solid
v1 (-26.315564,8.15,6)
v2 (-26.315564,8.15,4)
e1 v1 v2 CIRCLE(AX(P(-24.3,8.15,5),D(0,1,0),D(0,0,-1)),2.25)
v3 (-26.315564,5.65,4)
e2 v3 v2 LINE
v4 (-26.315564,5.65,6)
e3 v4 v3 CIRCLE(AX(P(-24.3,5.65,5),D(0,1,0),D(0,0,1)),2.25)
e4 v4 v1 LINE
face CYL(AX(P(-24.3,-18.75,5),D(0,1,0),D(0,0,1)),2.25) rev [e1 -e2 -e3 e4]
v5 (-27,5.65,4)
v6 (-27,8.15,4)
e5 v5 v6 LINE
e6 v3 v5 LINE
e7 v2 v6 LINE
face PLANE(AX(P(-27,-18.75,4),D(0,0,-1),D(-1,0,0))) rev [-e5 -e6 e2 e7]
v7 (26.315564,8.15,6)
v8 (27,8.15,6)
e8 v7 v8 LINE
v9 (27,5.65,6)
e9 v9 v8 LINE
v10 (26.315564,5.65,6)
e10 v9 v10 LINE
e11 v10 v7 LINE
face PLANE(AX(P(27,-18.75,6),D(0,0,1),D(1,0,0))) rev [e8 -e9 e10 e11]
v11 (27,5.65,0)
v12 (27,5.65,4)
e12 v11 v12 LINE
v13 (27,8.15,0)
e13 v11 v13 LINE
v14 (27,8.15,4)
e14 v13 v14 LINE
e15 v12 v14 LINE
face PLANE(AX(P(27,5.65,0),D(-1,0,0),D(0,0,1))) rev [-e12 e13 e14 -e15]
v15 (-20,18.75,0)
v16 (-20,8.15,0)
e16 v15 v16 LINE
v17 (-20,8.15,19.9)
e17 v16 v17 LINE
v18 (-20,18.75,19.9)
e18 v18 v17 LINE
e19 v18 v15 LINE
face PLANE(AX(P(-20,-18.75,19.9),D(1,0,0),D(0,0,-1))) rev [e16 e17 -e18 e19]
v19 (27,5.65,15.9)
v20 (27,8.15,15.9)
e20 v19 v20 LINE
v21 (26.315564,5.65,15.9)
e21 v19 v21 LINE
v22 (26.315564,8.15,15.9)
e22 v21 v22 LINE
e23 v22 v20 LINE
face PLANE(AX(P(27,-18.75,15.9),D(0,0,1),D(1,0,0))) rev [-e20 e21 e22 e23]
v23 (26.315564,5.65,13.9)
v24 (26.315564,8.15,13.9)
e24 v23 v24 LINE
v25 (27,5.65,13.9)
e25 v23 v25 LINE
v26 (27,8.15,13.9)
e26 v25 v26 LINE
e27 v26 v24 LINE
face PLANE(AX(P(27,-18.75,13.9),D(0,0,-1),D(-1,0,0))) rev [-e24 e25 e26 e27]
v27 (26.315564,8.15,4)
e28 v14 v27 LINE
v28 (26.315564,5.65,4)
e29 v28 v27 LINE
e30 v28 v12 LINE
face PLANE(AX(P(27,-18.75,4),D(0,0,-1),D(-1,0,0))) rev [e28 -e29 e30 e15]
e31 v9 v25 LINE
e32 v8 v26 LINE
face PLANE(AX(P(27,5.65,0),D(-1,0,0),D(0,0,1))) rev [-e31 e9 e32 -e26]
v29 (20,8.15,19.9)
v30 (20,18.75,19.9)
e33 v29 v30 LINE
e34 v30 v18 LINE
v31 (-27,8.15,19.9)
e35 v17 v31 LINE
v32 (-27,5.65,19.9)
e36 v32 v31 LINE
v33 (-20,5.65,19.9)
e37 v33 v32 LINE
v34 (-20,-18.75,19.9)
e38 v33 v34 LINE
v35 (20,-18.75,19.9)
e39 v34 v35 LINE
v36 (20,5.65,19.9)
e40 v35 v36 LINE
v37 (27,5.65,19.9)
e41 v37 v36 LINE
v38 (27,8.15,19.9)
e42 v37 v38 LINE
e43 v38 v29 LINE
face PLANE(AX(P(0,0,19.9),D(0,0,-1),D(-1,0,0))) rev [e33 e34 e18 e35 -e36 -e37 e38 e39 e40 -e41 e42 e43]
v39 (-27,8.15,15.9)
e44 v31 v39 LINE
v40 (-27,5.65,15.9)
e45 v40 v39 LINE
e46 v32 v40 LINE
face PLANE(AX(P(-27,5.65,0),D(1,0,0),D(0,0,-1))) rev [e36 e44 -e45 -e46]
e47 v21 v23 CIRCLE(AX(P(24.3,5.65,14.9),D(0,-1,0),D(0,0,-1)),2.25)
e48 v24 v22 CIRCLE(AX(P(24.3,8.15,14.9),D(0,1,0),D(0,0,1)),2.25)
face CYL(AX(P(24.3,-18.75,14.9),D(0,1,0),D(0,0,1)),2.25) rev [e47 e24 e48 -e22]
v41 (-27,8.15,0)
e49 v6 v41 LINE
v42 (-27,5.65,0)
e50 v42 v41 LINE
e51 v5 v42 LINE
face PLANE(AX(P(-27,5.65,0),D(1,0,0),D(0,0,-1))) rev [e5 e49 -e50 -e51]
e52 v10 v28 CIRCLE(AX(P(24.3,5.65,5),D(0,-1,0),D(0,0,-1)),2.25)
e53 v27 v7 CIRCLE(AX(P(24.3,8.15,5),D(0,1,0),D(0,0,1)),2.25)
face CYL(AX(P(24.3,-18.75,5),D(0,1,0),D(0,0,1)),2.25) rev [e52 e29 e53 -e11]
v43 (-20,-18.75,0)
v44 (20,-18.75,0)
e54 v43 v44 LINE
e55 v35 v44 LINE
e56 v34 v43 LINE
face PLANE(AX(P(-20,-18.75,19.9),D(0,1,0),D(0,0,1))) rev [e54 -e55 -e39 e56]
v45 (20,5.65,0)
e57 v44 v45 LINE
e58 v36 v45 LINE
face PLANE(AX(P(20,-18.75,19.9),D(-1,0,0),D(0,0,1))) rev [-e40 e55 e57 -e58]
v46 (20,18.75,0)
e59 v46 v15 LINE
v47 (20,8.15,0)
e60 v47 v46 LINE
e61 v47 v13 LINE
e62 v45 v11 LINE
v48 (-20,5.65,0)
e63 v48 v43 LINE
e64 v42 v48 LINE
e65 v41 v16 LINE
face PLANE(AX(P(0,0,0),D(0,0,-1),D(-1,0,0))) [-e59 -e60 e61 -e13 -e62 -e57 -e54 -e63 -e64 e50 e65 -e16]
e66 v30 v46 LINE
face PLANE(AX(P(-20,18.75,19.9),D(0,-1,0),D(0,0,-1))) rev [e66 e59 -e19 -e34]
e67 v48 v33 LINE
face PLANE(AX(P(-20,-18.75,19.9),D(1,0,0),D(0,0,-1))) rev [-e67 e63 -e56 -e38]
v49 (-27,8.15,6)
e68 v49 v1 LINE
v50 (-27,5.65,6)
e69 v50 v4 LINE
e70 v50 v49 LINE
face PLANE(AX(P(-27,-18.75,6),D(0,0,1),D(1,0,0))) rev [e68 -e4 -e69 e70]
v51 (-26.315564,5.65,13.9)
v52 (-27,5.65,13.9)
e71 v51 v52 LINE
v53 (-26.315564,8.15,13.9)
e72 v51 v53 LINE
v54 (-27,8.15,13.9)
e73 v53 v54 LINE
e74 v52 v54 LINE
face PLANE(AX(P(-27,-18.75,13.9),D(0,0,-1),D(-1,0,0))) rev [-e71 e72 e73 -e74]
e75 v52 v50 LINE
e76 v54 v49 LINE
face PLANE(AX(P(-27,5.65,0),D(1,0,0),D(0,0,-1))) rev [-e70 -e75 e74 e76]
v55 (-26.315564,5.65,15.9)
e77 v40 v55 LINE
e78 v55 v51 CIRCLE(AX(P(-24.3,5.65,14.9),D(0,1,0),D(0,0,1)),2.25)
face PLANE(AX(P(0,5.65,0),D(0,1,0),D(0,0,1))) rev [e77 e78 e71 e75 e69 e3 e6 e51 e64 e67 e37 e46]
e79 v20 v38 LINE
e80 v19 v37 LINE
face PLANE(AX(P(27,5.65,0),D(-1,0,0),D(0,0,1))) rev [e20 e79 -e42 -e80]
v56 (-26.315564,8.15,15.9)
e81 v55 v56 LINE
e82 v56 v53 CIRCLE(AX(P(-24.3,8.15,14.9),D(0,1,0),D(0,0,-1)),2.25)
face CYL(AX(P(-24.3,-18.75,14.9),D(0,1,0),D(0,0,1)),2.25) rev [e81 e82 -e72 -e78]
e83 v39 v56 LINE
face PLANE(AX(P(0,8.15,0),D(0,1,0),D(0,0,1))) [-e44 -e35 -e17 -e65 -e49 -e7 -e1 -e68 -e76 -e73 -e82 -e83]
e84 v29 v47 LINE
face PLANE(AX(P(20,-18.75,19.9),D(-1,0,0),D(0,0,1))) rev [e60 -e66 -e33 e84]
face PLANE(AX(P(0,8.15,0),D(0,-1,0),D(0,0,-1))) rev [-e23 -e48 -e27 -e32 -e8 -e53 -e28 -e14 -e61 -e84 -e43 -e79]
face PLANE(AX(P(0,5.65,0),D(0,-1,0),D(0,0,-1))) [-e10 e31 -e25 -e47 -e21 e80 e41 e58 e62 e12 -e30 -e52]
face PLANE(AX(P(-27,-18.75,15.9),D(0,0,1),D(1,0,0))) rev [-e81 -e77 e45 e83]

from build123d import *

# Parameters (mm, degrees)
SKETCH_1_W          = 40
SKETCH_1_H          = 37.5
EXTRUDE_1_DEPTH     = 19.9
SKETCH_2_W          = 7
SKETCH_2_H          = 19.9
EXTRUDE_2_DEPTH     = 2.5
CUT_EXTRUDE_1_DEPTH = 43.995581168


with BuildPart() as part:
    # 草图1 → 凸台-拉伸1 (new body)
    with BuildSketch(Plane.XY):
        Rectangle(SKETCH_1_W, SKETCH_1_H)
    extrude(amount=EXTRUDE_1_DEPTH)

    # 草图2 → 凸台-拉伸2 (add)
    with BuildSketch(Plane(origin=(0, 8.15, 0), x_dir=(-1, 0, 0), z_dir=(0, -1, 0))):
        with Locations((23.5, -9.95)):
            Rectangle(SKETCH_2_W, SKETCH_2_H)
        with Locations((-23.5, -9.95)):
            Rectangle(SKETCH_2_W, SKETCH_2_H)
    extrude(amount=EXTRUDE_2_DEPTH)

    # 草图3 → 切除-拉伸1 (cut, through all)
    with BuildSketch(Plane(origin=(0, 8.15, 0), x_dir=(1, 0, 0), z_dir=(0, 1, 0))):
        with BuildLine():
            Line((27, -15.9), (26.315564437, -15.9))
            ThreePointArc((26.315564437, -15.9), (22.05, -14.9), (26.315564437, -13.9))
            Line((26.315564437, -13.9), (27, -13.9))
            Line((27, -13.9), (27, -15.9))
        make_face()
        with BuildLine():
            Line((27, -6), (26.315564437, -6))
            ThreePointArc((26.315564437, -6), (22.05, -5), (26.315564437, -4))
            Line((26.315564437, -4), (27, -4))
            Line((27, -4), (27, -6))
        make_face()
        with BuildLine():
            Line((-27, -15.9), (-27, -13.9))
            Line((-27, -13.9), (-26.315564437, -13.9))
            ThreePointArc((-26.315564437, -13.9), (-22.05, -14.9), (-26.315564437, -15.9))
            Line((-26.315564437, -15.9), (-27, -15.9))
        make_face()
        with BuildLine():
            Line((-27, -4), (-27, -6))
            Line((-27, -6), (-26.315564437, -6))
            ThreePointArc((-26.315564437, -6), (-22.05, -5), (-26.315564437, -4))
            Line((-26.315564437, -4), (-27, -4))
        make_face()
    extrude(amount=-CUT_EXTRUDE_1_DEPTH, mode=Mode.SUBTRACT)


solid = part.part
